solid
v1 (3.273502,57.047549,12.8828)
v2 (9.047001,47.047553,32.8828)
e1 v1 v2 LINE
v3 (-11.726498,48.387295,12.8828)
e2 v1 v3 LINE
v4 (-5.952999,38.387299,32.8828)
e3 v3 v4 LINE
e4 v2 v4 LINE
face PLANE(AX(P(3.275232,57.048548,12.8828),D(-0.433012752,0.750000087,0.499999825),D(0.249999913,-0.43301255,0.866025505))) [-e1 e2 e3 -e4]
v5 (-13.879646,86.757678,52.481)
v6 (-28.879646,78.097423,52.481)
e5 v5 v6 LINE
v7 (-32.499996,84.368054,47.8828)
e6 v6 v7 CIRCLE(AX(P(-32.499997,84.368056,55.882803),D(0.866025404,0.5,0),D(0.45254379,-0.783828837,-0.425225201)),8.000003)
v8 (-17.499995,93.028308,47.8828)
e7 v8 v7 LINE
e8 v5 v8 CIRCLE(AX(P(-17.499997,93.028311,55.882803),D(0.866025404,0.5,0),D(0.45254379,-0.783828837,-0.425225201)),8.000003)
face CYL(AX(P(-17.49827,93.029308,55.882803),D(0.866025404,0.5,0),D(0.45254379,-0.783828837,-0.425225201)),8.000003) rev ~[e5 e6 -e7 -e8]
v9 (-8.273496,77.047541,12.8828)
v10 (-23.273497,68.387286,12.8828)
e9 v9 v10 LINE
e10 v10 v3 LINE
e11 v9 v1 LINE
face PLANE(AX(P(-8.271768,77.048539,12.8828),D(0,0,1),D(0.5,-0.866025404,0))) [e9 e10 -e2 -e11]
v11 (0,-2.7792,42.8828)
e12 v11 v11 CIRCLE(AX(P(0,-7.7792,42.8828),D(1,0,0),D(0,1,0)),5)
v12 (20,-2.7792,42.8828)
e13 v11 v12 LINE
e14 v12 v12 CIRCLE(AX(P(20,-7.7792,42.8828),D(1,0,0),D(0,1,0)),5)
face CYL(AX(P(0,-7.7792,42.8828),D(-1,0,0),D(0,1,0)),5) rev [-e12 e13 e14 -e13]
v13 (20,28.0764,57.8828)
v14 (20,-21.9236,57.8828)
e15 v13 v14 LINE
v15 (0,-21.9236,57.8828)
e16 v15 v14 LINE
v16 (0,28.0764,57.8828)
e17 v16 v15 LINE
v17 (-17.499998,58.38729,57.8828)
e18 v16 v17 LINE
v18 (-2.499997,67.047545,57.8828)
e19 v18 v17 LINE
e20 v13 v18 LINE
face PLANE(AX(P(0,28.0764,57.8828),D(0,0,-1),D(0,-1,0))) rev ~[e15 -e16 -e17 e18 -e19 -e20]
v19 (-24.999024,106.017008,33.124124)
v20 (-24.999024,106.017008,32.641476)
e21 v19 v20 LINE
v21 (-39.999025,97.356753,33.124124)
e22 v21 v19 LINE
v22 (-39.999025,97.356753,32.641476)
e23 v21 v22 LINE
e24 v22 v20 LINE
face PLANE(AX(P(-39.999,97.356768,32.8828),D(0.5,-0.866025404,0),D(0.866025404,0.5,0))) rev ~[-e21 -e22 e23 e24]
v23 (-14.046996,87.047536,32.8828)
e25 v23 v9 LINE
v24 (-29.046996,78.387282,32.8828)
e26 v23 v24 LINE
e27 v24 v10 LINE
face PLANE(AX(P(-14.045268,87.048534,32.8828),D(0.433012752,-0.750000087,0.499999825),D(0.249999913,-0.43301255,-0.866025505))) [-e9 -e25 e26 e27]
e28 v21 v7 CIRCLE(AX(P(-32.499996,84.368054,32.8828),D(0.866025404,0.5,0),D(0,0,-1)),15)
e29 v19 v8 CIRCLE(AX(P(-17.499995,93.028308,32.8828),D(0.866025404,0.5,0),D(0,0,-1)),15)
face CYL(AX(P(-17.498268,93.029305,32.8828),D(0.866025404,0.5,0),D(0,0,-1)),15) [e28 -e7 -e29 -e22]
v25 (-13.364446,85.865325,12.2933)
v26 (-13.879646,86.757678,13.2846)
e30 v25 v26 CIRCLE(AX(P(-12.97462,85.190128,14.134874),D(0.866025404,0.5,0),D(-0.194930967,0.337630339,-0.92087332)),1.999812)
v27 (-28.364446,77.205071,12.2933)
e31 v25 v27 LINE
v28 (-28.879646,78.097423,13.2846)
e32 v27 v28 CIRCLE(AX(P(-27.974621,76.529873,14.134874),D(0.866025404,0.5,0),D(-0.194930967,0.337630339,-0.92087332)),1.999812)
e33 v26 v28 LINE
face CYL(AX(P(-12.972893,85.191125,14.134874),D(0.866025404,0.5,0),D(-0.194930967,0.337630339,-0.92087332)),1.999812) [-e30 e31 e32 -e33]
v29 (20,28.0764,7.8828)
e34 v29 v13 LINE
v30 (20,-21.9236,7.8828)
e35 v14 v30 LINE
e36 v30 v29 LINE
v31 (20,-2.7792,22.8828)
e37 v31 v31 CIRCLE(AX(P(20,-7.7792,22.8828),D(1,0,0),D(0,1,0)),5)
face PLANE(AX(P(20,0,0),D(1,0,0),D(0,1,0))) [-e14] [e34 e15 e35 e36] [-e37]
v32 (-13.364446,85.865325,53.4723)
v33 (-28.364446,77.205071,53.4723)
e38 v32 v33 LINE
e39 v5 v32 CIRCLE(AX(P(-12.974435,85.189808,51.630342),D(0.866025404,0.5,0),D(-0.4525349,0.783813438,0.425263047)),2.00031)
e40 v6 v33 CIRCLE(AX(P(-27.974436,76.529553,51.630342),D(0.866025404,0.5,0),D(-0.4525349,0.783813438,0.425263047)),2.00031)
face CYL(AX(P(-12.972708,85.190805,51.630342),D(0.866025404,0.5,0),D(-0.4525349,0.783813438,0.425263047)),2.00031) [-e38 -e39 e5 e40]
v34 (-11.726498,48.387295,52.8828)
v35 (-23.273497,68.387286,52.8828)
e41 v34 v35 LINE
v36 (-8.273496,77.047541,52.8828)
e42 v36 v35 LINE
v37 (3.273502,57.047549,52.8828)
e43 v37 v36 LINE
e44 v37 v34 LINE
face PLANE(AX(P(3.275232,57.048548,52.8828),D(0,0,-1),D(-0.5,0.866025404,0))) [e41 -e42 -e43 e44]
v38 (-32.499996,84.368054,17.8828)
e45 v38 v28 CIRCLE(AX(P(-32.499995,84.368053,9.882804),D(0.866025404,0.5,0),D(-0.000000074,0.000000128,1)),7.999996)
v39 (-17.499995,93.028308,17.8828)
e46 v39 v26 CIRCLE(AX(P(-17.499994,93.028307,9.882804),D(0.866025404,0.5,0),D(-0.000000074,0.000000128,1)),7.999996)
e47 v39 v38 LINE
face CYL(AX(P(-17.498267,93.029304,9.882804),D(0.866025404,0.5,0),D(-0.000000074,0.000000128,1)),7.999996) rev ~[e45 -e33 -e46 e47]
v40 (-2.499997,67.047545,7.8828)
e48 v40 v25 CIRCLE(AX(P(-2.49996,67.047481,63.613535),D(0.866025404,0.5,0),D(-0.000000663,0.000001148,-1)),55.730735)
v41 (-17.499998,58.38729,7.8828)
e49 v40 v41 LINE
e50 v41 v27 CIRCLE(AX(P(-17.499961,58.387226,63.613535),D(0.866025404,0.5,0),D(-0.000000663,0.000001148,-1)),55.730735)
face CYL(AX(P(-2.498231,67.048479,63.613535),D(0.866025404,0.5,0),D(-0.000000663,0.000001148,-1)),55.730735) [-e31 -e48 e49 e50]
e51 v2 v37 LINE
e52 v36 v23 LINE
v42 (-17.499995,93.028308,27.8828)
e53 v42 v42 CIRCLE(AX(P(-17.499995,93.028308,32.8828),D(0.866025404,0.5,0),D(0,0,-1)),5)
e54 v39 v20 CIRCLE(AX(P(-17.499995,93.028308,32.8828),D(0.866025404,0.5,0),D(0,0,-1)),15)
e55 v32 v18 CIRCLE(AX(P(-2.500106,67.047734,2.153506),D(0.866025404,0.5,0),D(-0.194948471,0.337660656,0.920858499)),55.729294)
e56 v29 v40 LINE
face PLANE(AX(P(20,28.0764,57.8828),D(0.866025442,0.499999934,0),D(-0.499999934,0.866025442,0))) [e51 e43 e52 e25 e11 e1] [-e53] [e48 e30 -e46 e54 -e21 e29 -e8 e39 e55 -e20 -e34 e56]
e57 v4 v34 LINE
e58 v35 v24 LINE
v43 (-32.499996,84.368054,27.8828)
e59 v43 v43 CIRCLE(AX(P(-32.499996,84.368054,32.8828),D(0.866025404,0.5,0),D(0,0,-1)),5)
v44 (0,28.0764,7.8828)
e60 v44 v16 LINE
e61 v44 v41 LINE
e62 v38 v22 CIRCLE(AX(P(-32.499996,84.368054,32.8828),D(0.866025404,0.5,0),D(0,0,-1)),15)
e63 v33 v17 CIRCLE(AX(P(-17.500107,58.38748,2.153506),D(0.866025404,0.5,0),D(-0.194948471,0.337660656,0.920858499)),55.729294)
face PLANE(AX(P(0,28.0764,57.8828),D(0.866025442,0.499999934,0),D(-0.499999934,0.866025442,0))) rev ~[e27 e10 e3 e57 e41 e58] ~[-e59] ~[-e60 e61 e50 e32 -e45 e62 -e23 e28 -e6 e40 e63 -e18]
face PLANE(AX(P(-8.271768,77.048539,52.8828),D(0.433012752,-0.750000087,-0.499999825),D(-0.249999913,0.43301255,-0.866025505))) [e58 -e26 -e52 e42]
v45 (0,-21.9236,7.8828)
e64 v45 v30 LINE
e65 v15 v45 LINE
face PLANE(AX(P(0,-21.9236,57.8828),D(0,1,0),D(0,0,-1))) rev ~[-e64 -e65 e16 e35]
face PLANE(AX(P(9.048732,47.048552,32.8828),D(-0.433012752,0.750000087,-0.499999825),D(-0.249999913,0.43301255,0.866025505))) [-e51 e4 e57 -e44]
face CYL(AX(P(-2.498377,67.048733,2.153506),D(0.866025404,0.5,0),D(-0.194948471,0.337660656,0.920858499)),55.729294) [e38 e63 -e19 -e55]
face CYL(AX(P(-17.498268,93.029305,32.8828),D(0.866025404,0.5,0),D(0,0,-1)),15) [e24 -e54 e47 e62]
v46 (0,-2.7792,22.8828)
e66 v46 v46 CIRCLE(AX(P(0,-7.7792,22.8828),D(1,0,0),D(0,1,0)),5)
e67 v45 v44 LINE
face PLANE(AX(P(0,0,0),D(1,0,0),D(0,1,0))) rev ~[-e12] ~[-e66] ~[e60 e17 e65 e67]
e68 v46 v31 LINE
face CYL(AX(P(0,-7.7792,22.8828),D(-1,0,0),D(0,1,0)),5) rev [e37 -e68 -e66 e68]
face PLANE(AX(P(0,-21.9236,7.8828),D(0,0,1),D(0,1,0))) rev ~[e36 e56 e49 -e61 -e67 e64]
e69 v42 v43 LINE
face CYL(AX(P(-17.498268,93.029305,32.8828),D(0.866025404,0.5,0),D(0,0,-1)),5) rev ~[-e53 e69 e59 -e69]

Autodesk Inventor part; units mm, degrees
ref_plane "YZ Plane" through (0, 0, 0) normal (1, 0, 0) x (0, 1, 0)
ref_plane "XZ Plane" through (0, 0, 0) normal (0, 1, 0) x (-1, 0, 0)
ref_plane "XY Plane" through (0, 0, 0) normal (0, 0, 1) x (1, 0, 0)
sketch "Sketch1" plane through (0, 0, 0) normal (1, 0, 0) x (0, 1, 0)
  line L0 (28.0764, 57.8828) -> (-21.9236, 57.8828)
  line L1 (-21.9236, 57.8828) -> (-21.9236, 7.8828)
  line L2 (-21.9236, 7.8828) -> (28.0764, 7.8828)
  line L3 (28.0764, 7.8828) -> (28.0764, 57.8828)
  circle A0 centre (-7.7792, 22.8828) radius 5
  circle A1 centre (-7.7792, 42.8828) radius 5
  point P0 (0, 0)
  dimension "d0" = 50
  dimension "d1" = 50
  dimension "d3" = 10
  dimension "d5" = 10
extrude "Extrusion1" add sketch "Sketch1" along normal blind 20
sketch "Sketch2" plane through (0, -21.9236, 57.8828) normal (0, 0, 1) x (1, 0, 0)
  line L0 (20, 0) -> (20, 50) projected
  line L1 (20, 50) -> (-25, 127.9423)
  line L2 (20, 50) -> (110, 50) construction
  line L3 (0, 50) -> (-45, 127.9423)
  line L4 (0, 50) -> (90, 50) construction
  line L5 (-45, 127.9423) -> (-25, 127.9423)
  line L6 (0, 50) -> (20, 50)
  point P0 (0, 21.9236)
  dimension "d8" = 90
  dimension "d9" = 120
  dimension "d10" = 90
  dimension "d11" = 120
extrude "Extrusion2" add sketch "Sketch2" against normal blind 50
sketch "Sketch3" plane through (20, 28.0764, 57.8828) normal (0.866, 0.5, 0) x (0, 0, -1)
  line L0 (0, 0) -> (0, -43.3013) projected
  line L1 (0, 0) -> (0, 90) projected
  arc A0 (40, 75) -> (10, 75) centre (25, 75) ccw
  line L2 (0, 0) -> (0, 45)
  line L3 (50, 0) -> (0, 0) projected
  line L4 (0, 0) -> (50, 0)
  line L5 (50, 0) -> (50, 45)
  arc A1 (5.4018, 67.7593) -> (10, 75) centre (2, 75) ccw
  line L6 (10, 75) -> (2, 75) construction
  line L7 (4.7362, 67.4825) -> (2, 75) construction
  arc A2 (40, 75) -> (44.5982, 67.7593) centre (48, 75) ccw
  line L8 (40, 75) -> (48, 75) construction
  line L9 (45.2638, 67.4825) -> (48, 75) construction
  arc A3 (4.4105, 66.7289) -> (0, 45) centre (55.73, 45) ccw
  arc A4 (50, 45) -> (45.5895, 66.7289) centre (-5.73, 45) ccw
  arc A5 (5.4018, 67.7593) -> (4.4105, 66.7289) centre (6.2523, 65.9491) ccw
  arc A6 (45.5895, 66.7289) -> (44.5982, 67.7593) centre (43.7477, 65.9491) ccw
  line L10 (25, 90) -> (0, 90)
  line L11 (0, 90) -> (0, 45)
  line L12 (50, 90) -> (50, 0) projected
  line L13 (50, 90) -> (50, 45)
  line L14 (25, 90) -> (50, 90)
  point P0 (57.8828, -14.3149)
  dimension "d18" = 45
  dimension "d19" = 45
  dimension "d20" = 8
  dimension "d21" = 70
  dimension "d22" = 8
  dimension "d23" = 70
  dimension "d24" = 2
  dimension "d25" = 2
extrude "Extrusion3" cut sketch "Sketch3" against normal blind 50 contours L1 L10 A0 A1 A5 A3 | A4 A6 A2 A0 L14 L12
sketch "Sketch4" plane through (-40, 97.3585, 32.8828) normal (0.5, -0.866, 0) x (0.866, 0.5, 0)
  line L0 (17.3205, 25) -> (17.3205, 0) projected
  line L1 (17.3205, 0) -> (17.3205, -25) projected
  line L2 (17.3205, 25) -> (17.3205, -25)
  line L3 (17.3205, -25) -> (-0.3461, -25)
  line L4 (-0.3461, -25) -> (-0.3461, 25)
  line L5 (17.3205, 25) -> (0, 25) projected
  line L6 (-0.3461, 25) -> (17.3205, 25)
  point P0 (-14.0382, -32.8828)
  point P1 (0, 25)
extrude "Extrusion4" cut sketch "Sketch4" against normal blind 50
sketch "Sketch5" plane through (20, 28.0764, 57.8828) normal (0.866, 0.5, 0) x (0, 0, -1)
  line L0 (50, 0) -> (0, 0) projected
  circle A0 centre (25, 75) radius 5
  point P0 (57.8828, -14.3149)
  dimension "d32" = 10
extrude "Extrusion5" cut sketch "Sketch5" against normal blind 50
sketch "Sketch6" plane through (20, 28.0764, 57.8828) normal (0.866, 0.5, 0) x (0, 0, -1)
  line L0 (0, 0) -> (0, 45) projected
  line L1 (50, 0) -> (0, 0) projected
  line L2 (25, 68.094) -> (45, 56.547)
  line L3 (45, 56.547) -> (45, 33.453)
  line L4 (45, 33.453) -> (25, 21.906)
  line L5 (25, 21.906) -> (5, 33.453)
  line L6 (5, 33.453) -> (5, 56.547)
  line L7 (5, 56.547) -> (25, 68.094)
  point P0 (57.8828, -14.3149)
  point P1 (25, 45)
  point P2 (45, 45)
  point P3 (5, 45)
  dimension "d37" = 40
extrude "Extrusion6" cut sketch "Sketch6" against normal blind 30
properties part number "6 - Part  5"
